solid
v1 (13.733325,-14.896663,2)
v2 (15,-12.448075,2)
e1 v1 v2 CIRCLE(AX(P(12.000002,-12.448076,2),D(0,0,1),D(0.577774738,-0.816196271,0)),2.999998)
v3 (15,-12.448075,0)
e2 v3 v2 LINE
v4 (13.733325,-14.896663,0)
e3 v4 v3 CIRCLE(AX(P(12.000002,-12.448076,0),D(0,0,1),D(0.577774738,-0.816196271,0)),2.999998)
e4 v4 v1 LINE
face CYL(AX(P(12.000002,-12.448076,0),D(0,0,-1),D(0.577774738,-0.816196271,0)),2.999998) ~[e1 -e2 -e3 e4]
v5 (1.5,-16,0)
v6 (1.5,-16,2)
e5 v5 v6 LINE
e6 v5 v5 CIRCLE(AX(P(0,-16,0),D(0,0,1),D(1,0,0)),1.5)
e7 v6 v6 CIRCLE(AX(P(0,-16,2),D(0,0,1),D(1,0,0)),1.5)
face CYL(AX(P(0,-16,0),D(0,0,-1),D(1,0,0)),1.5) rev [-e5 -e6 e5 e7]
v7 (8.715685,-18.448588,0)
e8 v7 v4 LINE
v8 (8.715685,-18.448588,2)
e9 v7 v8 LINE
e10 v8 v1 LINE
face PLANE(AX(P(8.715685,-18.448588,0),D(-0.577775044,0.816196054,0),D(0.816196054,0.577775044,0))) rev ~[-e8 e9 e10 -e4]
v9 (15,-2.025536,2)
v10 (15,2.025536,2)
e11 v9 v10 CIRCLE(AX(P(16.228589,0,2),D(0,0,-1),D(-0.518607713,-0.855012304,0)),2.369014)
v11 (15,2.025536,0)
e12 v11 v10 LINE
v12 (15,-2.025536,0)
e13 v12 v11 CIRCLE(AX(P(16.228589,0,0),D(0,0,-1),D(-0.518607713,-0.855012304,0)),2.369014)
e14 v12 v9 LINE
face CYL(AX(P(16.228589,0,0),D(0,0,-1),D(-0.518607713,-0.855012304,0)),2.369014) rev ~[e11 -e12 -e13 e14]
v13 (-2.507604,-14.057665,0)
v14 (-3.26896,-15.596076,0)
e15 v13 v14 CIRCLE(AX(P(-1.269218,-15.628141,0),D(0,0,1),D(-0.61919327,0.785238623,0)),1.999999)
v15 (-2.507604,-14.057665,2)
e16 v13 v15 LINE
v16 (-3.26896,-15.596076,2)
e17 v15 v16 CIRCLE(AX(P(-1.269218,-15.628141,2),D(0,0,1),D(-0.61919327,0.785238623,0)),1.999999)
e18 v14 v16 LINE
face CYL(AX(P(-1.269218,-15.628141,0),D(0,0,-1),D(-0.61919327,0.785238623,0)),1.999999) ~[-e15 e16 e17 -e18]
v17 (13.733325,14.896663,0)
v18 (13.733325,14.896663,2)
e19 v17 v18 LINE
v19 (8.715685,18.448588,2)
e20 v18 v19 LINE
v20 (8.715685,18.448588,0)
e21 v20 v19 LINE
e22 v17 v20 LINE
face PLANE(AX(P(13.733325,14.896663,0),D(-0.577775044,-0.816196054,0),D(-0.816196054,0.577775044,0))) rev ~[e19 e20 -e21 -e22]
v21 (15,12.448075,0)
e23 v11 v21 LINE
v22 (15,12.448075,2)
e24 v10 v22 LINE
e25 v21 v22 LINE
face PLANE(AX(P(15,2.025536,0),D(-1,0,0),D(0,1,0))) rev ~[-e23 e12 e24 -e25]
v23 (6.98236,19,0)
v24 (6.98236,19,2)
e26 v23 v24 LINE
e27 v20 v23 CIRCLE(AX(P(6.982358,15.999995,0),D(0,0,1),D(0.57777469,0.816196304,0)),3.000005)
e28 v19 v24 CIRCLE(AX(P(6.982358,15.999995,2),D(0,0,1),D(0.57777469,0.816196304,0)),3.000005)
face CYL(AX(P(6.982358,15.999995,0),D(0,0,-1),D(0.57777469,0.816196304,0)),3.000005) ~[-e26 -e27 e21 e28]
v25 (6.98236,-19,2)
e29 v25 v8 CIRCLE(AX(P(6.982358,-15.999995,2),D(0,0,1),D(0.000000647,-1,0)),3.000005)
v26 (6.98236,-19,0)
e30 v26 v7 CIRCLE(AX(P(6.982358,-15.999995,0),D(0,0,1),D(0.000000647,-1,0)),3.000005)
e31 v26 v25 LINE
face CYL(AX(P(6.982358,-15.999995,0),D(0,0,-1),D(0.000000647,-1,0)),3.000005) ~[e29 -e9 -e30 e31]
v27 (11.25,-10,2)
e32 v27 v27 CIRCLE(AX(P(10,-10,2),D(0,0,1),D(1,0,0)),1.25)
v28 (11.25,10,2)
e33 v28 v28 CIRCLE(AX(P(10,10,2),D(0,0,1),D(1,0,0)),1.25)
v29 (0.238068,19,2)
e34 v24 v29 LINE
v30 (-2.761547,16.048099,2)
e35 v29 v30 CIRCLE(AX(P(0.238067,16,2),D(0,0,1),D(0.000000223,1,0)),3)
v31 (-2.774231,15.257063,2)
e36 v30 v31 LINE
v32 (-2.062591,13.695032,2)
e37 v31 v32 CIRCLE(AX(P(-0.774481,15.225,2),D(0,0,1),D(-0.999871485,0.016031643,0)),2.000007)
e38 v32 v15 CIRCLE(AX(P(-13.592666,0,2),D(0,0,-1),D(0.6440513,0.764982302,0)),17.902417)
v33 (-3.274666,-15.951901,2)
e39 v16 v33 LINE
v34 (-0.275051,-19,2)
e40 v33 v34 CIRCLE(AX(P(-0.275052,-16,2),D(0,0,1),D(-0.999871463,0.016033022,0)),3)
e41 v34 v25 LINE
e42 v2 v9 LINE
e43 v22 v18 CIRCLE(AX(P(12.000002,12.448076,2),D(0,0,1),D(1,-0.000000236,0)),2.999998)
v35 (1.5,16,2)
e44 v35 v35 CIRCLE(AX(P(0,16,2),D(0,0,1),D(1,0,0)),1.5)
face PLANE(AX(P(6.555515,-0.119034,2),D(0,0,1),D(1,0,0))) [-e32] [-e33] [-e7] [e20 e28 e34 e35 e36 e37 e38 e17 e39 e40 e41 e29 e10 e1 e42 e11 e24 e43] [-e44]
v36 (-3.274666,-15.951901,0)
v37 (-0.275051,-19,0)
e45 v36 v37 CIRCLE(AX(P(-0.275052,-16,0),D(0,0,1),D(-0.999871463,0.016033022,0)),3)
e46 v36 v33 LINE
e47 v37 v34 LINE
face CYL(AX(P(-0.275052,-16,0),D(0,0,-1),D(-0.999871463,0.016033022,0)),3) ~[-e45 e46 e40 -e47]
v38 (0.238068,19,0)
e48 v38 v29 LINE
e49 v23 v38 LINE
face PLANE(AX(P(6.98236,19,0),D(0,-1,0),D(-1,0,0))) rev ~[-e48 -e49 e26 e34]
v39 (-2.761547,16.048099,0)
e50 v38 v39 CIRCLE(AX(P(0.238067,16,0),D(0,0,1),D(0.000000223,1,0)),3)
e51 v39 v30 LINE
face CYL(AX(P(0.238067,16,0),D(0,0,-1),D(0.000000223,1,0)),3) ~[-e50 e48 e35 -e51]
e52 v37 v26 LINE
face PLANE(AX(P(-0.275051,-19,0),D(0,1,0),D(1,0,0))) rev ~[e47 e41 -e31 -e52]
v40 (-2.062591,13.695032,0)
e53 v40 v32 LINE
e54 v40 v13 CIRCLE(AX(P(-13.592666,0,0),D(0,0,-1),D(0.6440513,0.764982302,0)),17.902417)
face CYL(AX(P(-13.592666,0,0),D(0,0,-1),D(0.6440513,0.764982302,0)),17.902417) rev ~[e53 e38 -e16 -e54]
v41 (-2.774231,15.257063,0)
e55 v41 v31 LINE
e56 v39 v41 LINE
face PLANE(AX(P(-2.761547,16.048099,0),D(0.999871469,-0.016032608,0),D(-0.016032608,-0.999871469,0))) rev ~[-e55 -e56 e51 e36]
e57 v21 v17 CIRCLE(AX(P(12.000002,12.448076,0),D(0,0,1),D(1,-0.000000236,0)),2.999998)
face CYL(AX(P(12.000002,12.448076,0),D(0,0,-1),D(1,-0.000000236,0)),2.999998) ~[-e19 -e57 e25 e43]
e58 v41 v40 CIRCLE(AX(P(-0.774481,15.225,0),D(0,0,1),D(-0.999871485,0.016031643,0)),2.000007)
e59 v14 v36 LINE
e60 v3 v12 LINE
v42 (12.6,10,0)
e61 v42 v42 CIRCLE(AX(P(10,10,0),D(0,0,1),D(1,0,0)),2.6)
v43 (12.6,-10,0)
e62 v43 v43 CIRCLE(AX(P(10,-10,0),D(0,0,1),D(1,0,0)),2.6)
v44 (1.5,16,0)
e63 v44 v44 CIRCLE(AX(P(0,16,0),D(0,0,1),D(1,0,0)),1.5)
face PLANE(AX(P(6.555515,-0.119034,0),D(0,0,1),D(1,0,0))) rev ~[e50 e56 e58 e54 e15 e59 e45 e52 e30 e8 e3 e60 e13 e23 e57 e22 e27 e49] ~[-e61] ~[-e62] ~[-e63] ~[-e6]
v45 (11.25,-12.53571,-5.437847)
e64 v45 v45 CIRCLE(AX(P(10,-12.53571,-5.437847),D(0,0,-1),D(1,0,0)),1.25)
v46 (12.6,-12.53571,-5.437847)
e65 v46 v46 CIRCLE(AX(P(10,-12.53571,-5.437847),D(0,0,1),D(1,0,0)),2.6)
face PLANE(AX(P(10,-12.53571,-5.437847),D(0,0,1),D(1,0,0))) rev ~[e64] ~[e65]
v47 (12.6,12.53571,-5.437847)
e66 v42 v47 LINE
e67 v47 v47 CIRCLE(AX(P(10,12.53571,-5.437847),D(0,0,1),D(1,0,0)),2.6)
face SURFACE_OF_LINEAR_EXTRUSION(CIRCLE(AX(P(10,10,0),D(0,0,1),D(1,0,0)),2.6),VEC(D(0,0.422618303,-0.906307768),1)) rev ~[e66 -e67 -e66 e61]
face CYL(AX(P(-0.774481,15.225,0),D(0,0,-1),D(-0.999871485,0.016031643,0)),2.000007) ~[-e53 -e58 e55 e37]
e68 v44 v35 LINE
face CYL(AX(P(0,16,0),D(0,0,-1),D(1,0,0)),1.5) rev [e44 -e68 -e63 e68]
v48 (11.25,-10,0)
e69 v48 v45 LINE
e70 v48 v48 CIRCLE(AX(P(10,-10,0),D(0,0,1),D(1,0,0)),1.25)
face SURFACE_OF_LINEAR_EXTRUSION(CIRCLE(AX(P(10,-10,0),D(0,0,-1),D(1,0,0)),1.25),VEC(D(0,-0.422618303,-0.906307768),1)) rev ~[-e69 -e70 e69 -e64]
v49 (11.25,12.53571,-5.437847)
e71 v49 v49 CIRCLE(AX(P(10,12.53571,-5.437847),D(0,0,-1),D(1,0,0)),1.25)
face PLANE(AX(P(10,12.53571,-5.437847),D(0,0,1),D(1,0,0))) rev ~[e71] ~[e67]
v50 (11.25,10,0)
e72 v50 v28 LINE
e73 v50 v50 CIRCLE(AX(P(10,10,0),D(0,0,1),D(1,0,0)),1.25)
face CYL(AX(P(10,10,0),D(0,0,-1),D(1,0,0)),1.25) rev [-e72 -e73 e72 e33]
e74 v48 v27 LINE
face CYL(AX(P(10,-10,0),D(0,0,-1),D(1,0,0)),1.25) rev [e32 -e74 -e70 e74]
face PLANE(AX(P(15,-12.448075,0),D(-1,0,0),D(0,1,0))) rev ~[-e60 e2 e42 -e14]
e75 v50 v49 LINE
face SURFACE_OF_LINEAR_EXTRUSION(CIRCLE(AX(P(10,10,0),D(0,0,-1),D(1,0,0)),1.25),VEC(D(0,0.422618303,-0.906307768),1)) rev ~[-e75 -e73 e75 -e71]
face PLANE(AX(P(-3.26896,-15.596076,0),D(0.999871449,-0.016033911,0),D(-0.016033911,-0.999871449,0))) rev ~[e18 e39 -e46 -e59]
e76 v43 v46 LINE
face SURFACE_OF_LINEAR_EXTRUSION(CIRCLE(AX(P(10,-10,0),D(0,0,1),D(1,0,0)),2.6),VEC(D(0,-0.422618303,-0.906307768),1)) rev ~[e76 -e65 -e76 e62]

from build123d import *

# Parameters (mm, degrees)
F0_R     = 1.5
F0_R_2   = 2.6
F0_R_3   = 1.25
F1_DEPTH = 2


with BuildPart() as f1:
    # F0 (on Top) → F1 (new body)
    with BuildSketch(Plane.XY):
        with BuildLine():
            ThreePointArc((13.733325, -14.896663), (14.66458, -13.826485), (15, -12.448075))
            Line((15, -12.448075), (15, -2.025536))
            ThreePointArc((15, -2.025536), (13.859575, 0), (15, 2.025536))
            Line((15, 2.025536), (15, 12.448075))
            ThreePointArc((15, 12.448075), (14.66458, 13.826485), (13.733325, 14.896663))
            Line((13.733325, 14.896663), (8.715685, 18.448588))
            ThreePointArc((8.715685, 18.448588), (7.89182, 18.858825), (6.98236, 19))
            Line((6.98236, 19), (0.238068, 19))
            ThreePointArc((0.238068, 19), (-1.866179, 18.138258), (-2.761547, 16.048099))
            Line((-2.761547, 16.048099), (-2.774231, 15.257063))
            ThreePointArc((-2.774231, 15.257063), (-2.594506, 14.395821), (-2.062591, 13.695032))
            ThreePointArc((-2.062591, 13.695032), (4.30745, -0.287028), (-2.507604, -14.057665))
            ThreePointArc((-2.507604, -14.057665), (-3.061715, -14.741039), (-3.26896, -15.596076))
            Line((-3.26896, -15.596076), (-3.274666, -15.951901))
            ThreePointArc((-3.274666, -15.951901), (-2.41331, -18.104246), (-0.275051, -19))
            Line((-0.275051, -19), (6.98236, -19))
            ThreePointArc((6.98236, -19), (7.89182, -18.858825), (8.715685, -18.448588))
            Line((8.715685, -18.448588), (13.733325, -14.896663))
        make_face()
        with Locations((0, -16)):
            Circle(F0_R, mode=Mode.SUBTRACT)
        with Locations((10, -10)):
            Circle(F0_R_2, mode=Mode.SUBTRACT)
        with Locations((0, 16)):
            Circle(F0_R, mode=Mode.SUBTRACT)
        with Locations((10, 10)):
            Circle(F0_R_2, mode=Mode.SUBTRACT)
        with Locations((10, -10)):
            Circle(F0_R_2)
        with Locations((10, -10)):
            Circle(F0_R_3, mode=Mode.SUBTRACT)
        with Locations((10, 10)):
            Circle(F0_R_2)
        with Locations((10, 10)):
            Circle(F0_R_3, mode=Mode.SUBTRACT)
    extrude(amount=F1_DEPTH)

    # F4: sweep along a path in F3
    with BuildLine(Plane.YZ.offset(10)) as f4_path:
        Line((-7.331403, 0), (-9.867113, -5.437847))
    # F0 (on Top) → F4 (sweep)
    with BuildSketch(Plane.XY):
        with Locations((10, -10)):
            Circle(F0_R_2)
        with Locations((10, -10)):
            Circle(F0_R_3, mode=Mode.SUBTRACT)
    sweep(path=f4_path.line)

    # F5: sweep along a path in F3
    with BuildLine(Plane.YZ.offset(10)) as f5_path:
        Line((7.409177, 0), (9.944887, -5.437847))
    # F0 (on Top) → F5 (sweep)
    with BuildSketch(Plane.XY):
        with Locations((10, 10)):
            Circle(F0_R_2)
        with Locations((10, 10)):
            Circle(F0_R_3, mode=Mode.SUBTRACT)
    sweep(path=f5_path.line)


solid = f1.part
